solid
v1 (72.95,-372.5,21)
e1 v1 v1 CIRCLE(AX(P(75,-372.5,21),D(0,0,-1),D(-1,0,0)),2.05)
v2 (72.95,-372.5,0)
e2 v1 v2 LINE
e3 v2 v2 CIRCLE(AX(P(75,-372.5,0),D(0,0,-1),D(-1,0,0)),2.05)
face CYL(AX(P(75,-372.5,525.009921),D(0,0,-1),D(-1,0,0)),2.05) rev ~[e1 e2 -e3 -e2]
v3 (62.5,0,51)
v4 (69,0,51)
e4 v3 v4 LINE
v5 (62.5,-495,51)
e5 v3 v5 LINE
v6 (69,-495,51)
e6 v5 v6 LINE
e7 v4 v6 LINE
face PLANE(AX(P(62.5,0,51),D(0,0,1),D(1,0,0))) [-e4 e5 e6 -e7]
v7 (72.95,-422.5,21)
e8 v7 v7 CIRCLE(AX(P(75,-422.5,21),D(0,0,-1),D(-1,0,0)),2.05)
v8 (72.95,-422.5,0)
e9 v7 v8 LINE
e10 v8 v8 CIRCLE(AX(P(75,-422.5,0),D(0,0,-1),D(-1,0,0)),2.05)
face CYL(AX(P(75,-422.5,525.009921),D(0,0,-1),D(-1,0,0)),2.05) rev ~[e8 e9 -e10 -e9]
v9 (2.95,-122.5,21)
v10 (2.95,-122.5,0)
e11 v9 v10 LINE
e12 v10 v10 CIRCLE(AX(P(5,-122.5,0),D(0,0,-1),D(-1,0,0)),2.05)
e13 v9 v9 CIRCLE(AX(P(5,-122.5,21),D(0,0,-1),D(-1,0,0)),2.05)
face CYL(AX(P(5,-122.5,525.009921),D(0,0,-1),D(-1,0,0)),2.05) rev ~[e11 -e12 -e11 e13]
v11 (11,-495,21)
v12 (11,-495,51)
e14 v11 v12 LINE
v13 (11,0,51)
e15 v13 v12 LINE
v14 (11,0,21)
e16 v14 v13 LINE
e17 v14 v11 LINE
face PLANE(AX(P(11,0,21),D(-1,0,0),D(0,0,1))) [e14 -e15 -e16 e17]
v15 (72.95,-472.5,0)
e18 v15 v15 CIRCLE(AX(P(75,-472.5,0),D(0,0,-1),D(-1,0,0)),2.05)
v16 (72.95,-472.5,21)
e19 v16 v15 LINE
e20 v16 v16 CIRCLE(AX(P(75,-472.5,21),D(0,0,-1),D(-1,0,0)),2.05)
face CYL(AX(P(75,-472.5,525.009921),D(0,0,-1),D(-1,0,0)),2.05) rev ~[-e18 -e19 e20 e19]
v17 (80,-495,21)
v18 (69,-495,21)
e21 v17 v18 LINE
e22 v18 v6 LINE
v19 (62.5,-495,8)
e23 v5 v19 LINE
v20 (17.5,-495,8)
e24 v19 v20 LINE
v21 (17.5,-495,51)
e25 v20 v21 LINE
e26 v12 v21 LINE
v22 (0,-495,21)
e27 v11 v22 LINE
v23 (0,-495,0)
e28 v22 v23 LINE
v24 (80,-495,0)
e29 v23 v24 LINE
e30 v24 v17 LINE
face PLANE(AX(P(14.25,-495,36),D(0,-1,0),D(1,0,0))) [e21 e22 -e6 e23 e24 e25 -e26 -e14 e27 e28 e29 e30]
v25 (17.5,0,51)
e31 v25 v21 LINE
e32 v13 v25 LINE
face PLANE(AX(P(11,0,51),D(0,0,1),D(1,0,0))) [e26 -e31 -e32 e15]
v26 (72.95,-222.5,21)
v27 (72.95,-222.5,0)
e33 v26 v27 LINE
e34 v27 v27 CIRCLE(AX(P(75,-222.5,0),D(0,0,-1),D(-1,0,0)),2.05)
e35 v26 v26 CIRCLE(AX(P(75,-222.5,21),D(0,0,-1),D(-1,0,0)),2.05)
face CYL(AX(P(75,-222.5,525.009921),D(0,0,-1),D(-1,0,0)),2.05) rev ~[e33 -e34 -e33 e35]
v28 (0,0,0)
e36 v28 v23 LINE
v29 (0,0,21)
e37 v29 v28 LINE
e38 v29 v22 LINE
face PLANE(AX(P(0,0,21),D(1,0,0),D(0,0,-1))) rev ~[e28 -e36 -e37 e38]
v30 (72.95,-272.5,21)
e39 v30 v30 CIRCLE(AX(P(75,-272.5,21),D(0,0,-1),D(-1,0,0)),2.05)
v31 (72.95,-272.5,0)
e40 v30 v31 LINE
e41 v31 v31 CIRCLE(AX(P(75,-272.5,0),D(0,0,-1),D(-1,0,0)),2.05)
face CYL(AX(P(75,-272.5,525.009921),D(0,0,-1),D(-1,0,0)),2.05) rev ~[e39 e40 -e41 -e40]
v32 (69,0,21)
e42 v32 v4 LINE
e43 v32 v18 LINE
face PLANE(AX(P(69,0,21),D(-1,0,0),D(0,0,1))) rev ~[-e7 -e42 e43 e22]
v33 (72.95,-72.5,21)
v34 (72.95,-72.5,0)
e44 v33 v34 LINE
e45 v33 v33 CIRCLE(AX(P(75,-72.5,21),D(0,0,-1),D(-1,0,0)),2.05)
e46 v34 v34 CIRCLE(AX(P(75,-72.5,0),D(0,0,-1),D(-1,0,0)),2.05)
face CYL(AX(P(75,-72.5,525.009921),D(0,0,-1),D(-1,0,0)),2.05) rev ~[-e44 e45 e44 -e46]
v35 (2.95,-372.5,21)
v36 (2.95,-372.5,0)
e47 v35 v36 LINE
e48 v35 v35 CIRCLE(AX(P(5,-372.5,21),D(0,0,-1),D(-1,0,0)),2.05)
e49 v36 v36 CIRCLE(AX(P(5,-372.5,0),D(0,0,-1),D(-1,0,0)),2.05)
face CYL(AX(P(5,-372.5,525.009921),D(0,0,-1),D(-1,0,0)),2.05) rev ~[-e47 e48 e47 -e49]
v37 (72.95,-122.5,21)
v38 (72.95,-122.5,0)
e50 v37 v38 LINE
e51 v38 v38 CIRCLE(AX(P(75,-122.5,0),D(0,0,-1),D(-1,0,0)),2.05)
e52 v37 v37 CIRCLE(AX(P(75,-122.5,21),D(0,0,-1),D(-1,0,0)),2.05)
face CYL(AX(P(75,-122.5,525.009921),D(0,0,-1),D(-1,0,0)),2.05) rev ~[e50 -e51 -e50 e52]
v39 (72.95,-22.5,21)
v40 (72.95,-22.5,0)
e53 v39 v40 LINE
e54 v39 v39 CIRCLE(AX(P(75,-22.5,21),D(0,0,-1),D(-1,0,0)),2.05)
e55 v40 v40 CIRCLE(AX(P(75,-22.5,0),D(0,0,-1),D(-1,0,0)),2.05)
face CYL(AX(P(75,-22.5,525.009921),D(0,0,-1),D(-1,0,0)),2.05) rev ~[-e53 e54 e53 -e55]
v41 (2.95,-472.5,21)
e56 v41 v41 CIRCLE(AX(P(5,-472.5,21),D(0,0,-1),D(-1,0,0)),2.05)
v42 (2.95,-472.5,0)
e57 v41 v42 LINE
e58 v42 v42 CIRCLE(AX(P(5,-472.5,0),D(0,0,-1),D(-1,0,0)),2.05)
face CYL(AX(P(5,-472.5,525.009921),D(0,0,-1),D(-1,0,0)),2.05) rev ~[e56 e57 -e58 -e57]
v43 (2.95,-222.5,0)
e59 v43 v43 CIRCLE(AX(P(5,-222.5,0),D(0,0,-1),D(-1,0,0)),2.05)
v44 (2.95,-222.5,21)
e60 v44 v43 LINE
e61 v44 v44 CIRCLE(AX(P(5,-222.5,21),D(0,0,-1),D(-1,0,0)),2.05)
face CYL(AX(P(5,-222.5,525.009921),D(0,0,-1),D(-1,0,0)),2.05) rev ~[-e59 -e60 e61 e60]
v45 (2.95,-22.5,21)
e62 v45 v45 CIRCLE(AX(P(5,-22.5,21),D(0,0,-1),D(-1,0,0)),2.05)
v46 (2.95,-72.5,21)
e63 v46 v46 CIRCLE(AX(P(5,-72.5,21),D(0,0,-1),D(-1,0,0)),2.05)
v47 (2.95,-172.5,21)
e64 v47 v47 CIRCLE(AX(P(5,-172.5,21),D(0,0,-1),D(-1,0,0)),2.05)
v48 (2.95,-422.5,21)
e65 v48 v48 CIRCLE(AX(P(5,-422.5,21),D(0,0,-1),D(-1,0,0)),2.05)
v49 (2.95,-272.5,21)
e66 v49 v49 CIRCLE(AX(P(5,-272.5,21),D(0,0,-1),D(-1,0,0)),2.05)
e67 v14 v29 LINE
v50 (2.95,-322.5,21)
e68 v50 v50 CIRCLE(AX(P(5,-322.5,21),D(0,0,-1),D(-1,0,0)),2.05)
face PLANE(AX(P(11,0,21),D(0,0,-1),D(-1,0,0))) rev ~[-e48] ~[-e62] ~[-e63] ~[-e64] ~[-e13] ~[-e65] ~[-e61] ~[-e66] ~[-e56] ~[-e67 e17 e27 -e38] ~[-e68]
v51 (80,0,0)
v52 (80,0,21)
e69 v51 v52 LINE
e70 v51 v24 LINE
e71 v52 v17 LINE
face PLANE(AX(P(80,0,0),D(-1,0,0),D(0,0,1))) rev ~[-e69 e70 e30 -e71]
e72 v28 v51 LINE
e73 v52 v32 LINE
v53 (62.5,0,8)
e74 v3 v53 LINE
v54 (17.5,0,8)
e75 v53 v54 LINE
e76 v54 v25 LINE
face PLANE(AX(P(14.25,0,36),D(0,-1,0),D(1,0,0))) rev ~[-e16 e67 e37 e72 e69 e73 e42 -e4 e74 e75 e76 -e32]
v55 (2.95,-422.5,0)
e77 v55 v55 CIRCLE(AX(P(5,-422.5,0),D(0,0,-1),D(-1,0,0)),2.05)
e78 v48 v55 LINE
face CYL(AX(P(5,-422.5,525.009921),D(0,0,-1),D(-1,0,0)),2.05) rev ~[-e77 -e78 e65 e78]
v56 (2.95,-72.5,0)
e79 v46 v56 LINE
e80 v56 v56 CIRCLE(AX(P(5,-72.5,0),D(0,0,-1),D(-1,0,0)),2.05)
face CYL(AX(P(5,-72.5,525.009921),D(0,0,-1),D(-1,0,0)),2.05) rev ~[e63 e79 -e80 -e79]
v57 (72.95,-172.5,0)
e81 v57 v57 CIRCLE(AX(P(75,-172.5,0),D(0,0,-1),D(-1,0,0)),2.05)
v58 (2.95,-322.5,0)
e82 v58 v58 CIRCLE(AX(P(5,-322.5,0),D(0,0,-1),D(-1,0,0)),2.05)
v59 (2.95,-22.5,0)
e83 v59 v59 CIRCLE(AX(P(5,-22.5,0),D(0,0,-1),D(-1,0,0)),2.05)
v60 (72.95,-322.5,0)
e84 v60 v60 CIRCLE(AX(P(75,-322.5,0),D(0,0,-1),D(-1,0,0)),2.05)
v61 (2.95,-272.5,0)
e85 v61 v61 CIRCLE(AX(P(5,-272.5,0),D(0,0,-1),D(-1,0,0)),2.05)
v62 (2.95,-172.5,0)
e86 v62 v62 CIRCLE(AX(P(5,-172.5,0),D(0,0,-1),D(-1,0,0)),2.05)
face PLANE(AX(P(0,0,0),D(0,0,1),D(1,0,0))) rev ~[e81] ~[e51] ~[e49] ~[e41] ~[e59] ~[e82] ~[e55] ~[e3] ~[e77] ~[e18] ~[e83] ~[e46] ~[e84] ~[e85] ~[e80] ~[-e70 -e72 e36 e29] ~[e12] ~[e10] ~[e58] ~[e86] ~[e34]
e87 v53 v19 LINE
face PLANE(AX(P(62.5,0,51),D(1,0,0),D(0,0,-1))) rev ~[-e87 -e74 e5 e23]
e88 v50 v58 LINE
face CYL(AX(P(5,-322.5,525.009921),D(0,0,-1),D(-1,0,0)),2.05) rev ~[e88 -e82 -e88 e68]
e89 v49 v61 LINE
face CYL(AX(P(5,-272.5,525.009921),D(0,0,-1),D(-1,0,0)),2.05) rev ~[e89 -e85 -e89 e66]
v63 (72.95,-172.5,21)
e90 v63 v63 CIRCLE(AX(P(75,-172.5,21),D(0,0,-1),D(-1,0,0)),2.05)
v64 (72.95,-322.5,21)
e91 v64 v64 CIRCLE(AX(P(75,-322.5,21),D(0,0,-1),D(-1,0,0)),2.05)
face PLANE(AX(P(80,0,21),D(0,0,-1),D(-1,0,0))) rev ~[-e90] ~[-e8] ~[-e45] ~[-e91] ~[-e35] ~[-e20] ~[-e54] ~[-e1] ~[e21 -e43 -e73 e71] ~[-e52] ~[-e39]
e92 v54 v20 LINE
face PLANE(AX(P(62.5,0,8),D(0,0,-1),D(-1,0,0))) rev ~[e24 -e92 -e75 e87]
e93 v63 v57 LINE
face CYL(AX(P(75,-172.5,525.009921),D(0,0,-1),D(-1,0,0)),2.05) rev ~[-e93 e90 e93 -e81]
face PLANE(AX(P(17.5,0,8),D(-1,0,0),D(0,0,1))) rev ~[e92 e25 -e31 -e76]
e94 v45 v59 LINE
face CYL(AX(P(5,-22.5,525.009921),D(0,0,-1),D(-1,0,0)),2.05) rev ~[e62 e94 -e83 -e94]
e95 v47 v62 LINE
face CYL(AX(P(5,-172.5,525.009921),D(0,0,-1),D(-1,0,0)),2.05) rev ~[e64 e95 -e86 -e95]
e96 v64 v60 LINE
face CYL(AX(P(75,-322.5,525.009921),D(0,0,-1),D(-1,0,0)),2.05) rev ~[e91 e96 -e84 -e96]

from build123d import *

# Parameters (mm, degrees)
F0_W     = 6.5
F0_H     = 30
F1_DEPTH = 495
F3_D     = 4.1


with BuildPart() as f1:
    # F0 (on Front) → F1 (new body)
    with BuildSketch(Plane.XZ):
        with Locations((14.25, 36)):
            Rectangle(F0_W, F0_H)
        with Locations((65.75, 36)):
            Rectangle(F0_W, F0_H)
        Polygon((0, 21), (0, 0), (80, 0), (80, 21), (69, 21), (62.5, 21), (62.5, 8), (17.5, 8), (17.5, 21), (11, 21), align=None)
    extrude(amount=F1_DEPTH)

    # F3 (through all)
    with Locations(Plane.XY.offset(21)):
        with Locations((75, -22.5), (75, -72.5), (75, -122.5), (75, -172.5), (75, -222.5), (75, -272.5), (75, -322.5), (75, -372.5), (75, -422.5), (75, -472.5), (5, -22.5), (5, -72.5), (5, -122.5), (5, -172.5), (5, -222.5), (5, -272.5), (5, -322.5), (5, -372.5), (5, -422.5), (5, -472.5)):
            Hole(F3_D / 2)


solid = f1.part
